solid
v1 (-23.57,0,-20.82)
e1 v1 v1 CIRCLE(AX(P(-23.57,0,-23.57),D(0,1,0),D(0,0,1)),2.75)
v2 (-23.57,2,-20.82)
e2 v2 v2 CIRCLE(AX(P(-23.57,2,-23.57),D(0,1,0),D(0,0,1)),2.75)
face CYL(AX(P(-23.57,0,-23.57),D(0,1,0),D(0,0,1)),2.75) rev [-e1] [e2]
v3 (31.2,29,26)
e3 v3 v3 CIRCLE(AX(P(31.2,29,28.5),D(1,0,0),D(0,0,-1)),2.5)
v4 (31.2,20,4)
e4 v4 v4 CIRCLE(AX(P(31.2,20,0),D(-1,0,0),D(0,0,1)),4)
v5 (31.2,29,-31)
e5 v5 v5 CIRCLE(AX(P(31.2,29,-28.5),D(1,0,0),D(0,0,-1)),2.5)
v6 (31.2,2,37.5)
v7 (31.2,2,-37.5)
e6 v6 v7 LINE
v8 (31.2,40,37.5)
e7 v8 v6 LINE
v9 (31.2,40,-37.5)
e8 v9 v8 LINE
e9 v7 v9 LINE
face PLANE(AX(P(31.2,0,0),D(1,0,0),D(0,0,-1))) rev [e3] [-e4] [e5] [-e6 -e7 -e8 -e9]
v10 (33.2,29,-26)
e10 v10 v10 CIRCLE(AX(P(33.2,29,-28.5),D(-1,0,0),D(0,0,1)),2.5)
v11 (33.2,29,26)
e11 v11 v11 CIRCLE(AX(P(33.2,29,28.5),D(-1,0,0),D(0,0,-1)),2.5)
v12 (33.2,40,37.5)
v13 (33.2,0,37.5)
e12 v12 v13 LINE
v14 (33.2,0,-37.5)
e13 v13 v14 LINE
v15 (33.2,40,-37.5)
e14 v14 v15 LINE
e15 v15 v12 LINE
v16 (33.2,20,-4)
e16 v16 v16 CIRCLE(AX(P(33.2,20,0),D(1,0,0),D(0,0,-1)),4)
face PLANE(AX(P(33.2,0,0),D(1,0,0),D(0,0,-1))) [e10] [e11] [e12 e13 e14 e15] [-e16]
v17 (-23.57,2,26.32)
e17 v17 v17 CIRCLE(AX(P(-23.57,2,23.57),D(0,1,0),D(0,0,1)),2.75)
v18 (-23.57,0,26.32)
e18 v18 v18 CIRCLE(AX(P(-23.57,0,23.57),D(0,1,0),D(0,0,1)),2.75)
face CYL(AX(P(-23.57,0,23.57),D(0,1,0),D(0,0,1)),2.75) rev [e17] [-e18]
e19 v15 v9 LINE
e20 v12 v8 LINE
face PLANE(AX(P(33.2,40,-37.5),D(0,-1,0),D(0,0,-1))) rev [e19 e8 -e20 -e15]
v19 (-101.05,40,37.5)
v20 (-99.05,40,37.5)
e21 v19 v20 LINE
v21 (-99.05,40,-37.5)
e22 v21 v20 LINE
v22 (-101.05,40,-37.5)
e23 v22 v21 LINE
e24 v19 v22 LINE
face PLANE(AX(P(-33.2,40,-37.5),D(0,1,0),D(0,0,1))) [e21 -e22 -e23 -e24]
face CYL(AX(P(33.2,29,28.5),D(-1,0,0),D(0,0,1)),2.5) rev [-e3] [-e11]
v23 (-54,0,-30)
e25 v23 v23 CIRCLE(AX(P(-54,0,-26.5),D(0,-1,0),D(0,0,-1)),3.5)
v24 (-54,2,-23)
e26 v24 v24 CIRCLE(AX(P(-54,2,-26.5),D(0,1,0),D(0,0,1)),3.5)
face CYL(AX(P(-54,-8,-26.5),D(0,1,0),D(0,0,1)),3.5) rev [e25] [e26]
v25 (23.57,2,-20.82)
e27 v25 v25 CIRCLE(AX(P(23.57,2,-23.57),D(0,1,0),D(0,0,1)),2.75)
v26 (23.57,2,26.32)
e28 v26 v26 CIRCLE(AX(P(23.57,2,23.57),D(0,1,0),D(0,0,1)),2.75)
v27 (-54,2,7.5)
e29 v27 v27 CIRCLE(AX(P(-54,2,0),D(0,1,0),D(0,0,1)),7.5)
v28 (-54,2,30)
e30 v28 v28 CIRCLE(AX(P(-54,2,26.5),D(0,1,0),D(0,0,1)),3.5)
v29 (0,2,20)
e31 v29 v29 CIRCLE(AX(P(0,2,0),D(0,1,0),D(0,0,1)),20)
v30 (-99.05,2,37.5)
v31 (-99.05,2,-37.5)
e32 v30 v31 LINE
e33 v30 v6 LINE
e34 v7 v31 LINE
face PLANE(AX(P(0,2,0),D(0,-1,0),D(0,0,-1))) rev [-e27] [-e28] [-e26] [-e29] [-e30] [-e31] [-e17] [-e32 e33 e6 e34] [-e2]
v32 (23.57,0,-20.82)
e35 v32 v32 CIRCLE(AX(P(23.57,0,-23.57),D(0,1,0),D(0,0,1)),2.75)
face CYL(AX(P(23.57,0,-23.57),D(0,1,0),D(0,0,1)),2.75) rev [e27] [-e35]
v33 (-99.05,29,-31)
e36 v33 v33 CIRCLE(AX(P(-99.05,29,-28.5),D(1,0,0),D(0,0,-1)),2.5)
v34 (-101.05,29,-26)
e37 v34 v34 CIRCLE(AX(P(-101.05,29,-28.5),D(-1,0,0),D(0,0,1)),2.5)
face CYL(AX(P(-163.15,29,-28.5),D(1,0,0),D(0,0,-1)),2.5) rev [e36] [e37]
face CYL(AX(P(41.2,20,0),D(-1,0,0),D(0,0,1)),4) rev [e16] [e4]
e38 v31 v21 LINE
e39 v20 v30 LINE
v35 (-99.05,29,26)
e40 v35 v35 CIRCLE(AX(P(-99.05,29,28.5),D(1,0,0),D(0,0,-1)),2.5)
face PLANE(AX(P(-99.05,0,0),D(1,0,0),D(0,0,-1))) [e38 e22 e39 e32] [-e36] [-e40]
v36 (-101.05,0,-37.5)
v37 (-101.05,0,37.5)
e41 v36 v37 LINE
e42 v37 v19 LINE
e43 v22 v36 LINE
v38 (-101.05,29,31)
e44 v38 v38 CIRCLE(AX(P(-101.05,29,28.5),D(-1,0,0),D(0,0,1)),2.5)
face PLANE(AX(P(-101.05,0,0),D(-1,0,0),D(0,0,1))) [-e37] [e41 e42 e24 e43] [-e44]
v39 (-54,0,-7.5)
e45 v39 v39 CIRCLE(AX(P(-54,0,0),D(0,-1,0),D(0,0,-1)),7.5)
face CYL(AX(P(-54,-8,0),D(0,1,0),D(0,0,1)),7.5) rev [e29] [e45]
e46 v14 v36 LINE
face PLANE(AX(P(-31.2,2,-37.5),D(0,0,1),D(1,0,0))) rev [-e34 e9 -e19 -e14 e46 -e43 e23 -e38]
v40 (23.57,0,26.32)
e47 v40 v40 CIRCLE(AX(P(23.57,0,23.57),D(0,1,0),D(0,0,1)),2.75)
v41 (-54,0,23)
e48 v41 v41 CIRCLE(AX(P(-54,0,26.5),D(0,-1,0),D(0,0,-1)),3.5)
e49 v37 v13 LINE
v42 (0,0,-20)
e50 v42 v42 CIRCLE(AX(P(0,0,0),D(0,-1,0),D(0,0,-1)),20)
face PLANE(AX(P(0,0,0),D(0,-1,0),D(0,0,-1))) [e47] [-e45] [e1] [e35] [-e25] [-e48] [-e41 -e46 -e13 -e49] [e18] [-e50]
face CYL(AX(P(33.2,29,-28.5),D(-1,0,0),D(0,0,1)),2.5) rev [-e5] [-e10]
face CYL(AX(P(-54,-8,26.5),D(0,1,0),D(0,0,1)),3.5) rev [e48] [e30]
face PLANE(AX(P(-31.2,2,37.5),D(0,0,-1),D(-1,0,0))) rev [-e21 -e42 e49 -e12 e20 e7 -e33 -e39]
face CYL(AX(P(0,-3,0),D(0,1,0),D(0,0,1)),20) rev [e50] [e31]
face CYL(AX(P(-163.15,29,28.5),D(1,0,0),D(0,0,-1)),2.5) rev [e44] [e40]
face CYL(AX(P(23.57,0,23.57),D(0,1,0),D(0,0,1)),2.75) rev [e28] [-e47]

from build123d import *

# Parameters (mm, degrees)
ESBO_O1_W                = 62.4
ESBO_O1_H                = 75
RESSALTO_EXTRUS_O1_DEPTH = 2
ESBO_O2_W                = 75
ESBO_O2_H                = 40
RESSALTO_EXTRUS_O2_DEPTH = 2
ESBO_O3_R                = 2.5
CORTE_EXTRUS_O1_DEPTH    = 67.4
ESBO_O4_R                = 20
CORTE_EXTRUS_O2_DEPTH    = 5
ESBO_O5_R                = 2.75
CORTE_EXTRUS_O3_DEPTH    = 3
ESBO_O11_W               = 75
ESBO_O11_H               = 40
RESSALTO_EXTRUS_O3_DEPTH = 67.85
ESBO_O12_W               = 75
ESBO_O12_H               = 38
CORTE_EXTRUS_O4_DEPTH    = 67.85
ESBO_O13_R               = 2.5
CORTE_EXTRUS_O5_DEPTH    = 64.1
ESBO_O14_R               = 7.5
CORTE_EXTRUS_O6_DEPTH    = 10
CORTE_EXTRUS_O7_DEPTH    = 10
ESBO_O17_R               = 4
CORTE_EXTRUS_O8_DEPTH    = 10


with BuildPart() as part:
    # Esboço1 → Ressalto-extrusão1 (new body)
    with BuildSketch(Plane(origin=(0, 0, 0), x_dir=(1, 0, 0), z_dir=(0, 1, 0))):
        Rectangle(ESBO_O1_W, ESBO_O1_H)
    extrude(amount=RESSALTO_EXTRUS_O1_DEPTH)

    # Esboço2 → Ressalto-extrusão2 (add)
    with BuildSketch(Plane(origin=(31.2, 0, 0), x_dir=(0, 0, -1), z_dir=(1, 0, 0))):
        with Locations((0, 20)):
            Rectangle(ESBO_O2_W, ESBO_O2_H)
    ressalto_extrus_o2 = extrude(amount=RESSALTO_EXTRUS_O2_DEPTH)

    # Espelhar1: Ressalto-extrusão2 across plane
    add(ressalto_extrus_o2.mirror(Plane(origin=(0, 0, 0), x_dir=(0, 0, 1), z_dir=(1, 0, 0))))

    # Esboço3 → Corte-extrusão1 (cut, through all)
    with BuildSketch(Plane.ZY.offset(33.2)):
        with Locations((-28.5, 29)):
            Circle(ESBO_O3_R)
        with Locations((28.5, 29)):
            Circle(ESBO_O3_R)
    extrude(amount=-CORTE_EXTRUS_O1_DEPTH, mode=Mode.SUBTRACT)

    # Esboço4 → Corte-extrusão2 (cut)
    with BuildSketch(Plane(origin=(0, 2, 0), x_dir=(1, 0, 0), z_dir=(0, 1, 0))):
        Circle(ESBO_O4_R)
    extrude(amount=-CORTE_EXTRUS_O2_DEPTH, mode=Mode.SUBTRACT)

    # Esboço5 → Corte-extrusão3 (cut, through all)
    with BuildSketch(Plane(origin=(0, 2, 0), x_dir=(1, 0, 0), z_dir=(0, 1, 0))):
        with Locations((23.57, 23.57)):
            Circle(ESBO_O5_R)
        with Locations((23.57, -23.57)):
            Circle(ESBO_O5_R)
        with Locations((-23.57, -23.57)):
            Circle(ESBO_O5_R)
        with Locations((-23.57, 23.57)):
            Circle(ESBO_O5_R)
    extrude(amount=-CORTE_EXTRUS_O3_DEPTH, mode=Mode.SUBTRACT)

    # Esboço11 → Ressalto-extrusão3 (add)
    with BuildSketch(Plane.ZY.offset(33.2)):
        with Locations((0, 20)):
            Rectangle(ESBO_O11_W, ESBO_O11_H)
    extrude(amount=RESSALTO_EXTRUS_O3_DEPTH)

    # Esboço12 → Corte-extrusão4 (cut)
    with BuildSketch(Plane(origin=(-31.2, 0, 0), x_dir=(0, 0, -1), z_dir=(1, 0, 0))):
        with Locations((0, 21)):
            Rectangle(ESBO_O12_W, ESBO_O12_H)
    extrude(amount=-CORTE_EXTRUS_O4_DEPTH, mode=Mode.SUBTRACT)

    # Esboço13 → Corte-extrusão5 (cut)
    with BuildSketch(Plane(origin=(-99.05, 0, 0), x_dir=(0, 0, -1), z_dir=(1, 0, 0))):
        with Locations((28.5, 29)):
            Circle(ESBO_O13_R)
        with Locations((-28.5, 29)):
            Circle(ESBO_O13_R)
    extrude(amount=-CORTE_EXTRUS_O5_DEPTH, mode=Mode.SUBTRACT)

    # Esboço14 → Corte-extrusão6 (cut)
    with BuildSketch(Plane(origin=(0, 2, 0), x_dir=(1, 0, 0), z_dir=(0, 1, 0))):
        with Locations((-54, 0)):
            Circle(ESBO_O14_R)
    extrude(amount=-CORTE_EXTRUS_O6_DEPTH, mode=Mode.SUBTRACT)

    # Esboço16 → Corte-extrusão7 (cut)
    with BuildSketch(Plane(origin=(0, 2, 0), x_dir=(1, 0, 0), z_dir=(0, 1, 0))):
        with BuildLine():
            ThreePointArc((-57.5, 26.5), (-54, 23), (-50.5, 26.5))
            ThreePointArc((-50.5, 26.5), (-54, 30), (-57.5, 26.5))
        make_face()
        with BuildLine():
            ThreePointArc((-50.5, -26.5), (-54, -23), (-57.5, -26.5))
            ThreePointArc((-57.5, -26.5), (-54, -30), (-50.5, -26.5))
        make_face()
    extrude(amount=-CORTE_EXTRUS_O7_DEPTH, mode=Mode.SUBTRACT)

    # Esboço17 → Corte-extrusão8 (cut)
    with BuildSketch(Plane.ZY.offset(-31.2)):
        with Locations((0, 20)):
            Circle(ESBO_O17_R)
    extrude(amount=-CORTE_EXTRUS_O8_DEPTH, mode=Mode.SUBTRACT)


solid = part.part
